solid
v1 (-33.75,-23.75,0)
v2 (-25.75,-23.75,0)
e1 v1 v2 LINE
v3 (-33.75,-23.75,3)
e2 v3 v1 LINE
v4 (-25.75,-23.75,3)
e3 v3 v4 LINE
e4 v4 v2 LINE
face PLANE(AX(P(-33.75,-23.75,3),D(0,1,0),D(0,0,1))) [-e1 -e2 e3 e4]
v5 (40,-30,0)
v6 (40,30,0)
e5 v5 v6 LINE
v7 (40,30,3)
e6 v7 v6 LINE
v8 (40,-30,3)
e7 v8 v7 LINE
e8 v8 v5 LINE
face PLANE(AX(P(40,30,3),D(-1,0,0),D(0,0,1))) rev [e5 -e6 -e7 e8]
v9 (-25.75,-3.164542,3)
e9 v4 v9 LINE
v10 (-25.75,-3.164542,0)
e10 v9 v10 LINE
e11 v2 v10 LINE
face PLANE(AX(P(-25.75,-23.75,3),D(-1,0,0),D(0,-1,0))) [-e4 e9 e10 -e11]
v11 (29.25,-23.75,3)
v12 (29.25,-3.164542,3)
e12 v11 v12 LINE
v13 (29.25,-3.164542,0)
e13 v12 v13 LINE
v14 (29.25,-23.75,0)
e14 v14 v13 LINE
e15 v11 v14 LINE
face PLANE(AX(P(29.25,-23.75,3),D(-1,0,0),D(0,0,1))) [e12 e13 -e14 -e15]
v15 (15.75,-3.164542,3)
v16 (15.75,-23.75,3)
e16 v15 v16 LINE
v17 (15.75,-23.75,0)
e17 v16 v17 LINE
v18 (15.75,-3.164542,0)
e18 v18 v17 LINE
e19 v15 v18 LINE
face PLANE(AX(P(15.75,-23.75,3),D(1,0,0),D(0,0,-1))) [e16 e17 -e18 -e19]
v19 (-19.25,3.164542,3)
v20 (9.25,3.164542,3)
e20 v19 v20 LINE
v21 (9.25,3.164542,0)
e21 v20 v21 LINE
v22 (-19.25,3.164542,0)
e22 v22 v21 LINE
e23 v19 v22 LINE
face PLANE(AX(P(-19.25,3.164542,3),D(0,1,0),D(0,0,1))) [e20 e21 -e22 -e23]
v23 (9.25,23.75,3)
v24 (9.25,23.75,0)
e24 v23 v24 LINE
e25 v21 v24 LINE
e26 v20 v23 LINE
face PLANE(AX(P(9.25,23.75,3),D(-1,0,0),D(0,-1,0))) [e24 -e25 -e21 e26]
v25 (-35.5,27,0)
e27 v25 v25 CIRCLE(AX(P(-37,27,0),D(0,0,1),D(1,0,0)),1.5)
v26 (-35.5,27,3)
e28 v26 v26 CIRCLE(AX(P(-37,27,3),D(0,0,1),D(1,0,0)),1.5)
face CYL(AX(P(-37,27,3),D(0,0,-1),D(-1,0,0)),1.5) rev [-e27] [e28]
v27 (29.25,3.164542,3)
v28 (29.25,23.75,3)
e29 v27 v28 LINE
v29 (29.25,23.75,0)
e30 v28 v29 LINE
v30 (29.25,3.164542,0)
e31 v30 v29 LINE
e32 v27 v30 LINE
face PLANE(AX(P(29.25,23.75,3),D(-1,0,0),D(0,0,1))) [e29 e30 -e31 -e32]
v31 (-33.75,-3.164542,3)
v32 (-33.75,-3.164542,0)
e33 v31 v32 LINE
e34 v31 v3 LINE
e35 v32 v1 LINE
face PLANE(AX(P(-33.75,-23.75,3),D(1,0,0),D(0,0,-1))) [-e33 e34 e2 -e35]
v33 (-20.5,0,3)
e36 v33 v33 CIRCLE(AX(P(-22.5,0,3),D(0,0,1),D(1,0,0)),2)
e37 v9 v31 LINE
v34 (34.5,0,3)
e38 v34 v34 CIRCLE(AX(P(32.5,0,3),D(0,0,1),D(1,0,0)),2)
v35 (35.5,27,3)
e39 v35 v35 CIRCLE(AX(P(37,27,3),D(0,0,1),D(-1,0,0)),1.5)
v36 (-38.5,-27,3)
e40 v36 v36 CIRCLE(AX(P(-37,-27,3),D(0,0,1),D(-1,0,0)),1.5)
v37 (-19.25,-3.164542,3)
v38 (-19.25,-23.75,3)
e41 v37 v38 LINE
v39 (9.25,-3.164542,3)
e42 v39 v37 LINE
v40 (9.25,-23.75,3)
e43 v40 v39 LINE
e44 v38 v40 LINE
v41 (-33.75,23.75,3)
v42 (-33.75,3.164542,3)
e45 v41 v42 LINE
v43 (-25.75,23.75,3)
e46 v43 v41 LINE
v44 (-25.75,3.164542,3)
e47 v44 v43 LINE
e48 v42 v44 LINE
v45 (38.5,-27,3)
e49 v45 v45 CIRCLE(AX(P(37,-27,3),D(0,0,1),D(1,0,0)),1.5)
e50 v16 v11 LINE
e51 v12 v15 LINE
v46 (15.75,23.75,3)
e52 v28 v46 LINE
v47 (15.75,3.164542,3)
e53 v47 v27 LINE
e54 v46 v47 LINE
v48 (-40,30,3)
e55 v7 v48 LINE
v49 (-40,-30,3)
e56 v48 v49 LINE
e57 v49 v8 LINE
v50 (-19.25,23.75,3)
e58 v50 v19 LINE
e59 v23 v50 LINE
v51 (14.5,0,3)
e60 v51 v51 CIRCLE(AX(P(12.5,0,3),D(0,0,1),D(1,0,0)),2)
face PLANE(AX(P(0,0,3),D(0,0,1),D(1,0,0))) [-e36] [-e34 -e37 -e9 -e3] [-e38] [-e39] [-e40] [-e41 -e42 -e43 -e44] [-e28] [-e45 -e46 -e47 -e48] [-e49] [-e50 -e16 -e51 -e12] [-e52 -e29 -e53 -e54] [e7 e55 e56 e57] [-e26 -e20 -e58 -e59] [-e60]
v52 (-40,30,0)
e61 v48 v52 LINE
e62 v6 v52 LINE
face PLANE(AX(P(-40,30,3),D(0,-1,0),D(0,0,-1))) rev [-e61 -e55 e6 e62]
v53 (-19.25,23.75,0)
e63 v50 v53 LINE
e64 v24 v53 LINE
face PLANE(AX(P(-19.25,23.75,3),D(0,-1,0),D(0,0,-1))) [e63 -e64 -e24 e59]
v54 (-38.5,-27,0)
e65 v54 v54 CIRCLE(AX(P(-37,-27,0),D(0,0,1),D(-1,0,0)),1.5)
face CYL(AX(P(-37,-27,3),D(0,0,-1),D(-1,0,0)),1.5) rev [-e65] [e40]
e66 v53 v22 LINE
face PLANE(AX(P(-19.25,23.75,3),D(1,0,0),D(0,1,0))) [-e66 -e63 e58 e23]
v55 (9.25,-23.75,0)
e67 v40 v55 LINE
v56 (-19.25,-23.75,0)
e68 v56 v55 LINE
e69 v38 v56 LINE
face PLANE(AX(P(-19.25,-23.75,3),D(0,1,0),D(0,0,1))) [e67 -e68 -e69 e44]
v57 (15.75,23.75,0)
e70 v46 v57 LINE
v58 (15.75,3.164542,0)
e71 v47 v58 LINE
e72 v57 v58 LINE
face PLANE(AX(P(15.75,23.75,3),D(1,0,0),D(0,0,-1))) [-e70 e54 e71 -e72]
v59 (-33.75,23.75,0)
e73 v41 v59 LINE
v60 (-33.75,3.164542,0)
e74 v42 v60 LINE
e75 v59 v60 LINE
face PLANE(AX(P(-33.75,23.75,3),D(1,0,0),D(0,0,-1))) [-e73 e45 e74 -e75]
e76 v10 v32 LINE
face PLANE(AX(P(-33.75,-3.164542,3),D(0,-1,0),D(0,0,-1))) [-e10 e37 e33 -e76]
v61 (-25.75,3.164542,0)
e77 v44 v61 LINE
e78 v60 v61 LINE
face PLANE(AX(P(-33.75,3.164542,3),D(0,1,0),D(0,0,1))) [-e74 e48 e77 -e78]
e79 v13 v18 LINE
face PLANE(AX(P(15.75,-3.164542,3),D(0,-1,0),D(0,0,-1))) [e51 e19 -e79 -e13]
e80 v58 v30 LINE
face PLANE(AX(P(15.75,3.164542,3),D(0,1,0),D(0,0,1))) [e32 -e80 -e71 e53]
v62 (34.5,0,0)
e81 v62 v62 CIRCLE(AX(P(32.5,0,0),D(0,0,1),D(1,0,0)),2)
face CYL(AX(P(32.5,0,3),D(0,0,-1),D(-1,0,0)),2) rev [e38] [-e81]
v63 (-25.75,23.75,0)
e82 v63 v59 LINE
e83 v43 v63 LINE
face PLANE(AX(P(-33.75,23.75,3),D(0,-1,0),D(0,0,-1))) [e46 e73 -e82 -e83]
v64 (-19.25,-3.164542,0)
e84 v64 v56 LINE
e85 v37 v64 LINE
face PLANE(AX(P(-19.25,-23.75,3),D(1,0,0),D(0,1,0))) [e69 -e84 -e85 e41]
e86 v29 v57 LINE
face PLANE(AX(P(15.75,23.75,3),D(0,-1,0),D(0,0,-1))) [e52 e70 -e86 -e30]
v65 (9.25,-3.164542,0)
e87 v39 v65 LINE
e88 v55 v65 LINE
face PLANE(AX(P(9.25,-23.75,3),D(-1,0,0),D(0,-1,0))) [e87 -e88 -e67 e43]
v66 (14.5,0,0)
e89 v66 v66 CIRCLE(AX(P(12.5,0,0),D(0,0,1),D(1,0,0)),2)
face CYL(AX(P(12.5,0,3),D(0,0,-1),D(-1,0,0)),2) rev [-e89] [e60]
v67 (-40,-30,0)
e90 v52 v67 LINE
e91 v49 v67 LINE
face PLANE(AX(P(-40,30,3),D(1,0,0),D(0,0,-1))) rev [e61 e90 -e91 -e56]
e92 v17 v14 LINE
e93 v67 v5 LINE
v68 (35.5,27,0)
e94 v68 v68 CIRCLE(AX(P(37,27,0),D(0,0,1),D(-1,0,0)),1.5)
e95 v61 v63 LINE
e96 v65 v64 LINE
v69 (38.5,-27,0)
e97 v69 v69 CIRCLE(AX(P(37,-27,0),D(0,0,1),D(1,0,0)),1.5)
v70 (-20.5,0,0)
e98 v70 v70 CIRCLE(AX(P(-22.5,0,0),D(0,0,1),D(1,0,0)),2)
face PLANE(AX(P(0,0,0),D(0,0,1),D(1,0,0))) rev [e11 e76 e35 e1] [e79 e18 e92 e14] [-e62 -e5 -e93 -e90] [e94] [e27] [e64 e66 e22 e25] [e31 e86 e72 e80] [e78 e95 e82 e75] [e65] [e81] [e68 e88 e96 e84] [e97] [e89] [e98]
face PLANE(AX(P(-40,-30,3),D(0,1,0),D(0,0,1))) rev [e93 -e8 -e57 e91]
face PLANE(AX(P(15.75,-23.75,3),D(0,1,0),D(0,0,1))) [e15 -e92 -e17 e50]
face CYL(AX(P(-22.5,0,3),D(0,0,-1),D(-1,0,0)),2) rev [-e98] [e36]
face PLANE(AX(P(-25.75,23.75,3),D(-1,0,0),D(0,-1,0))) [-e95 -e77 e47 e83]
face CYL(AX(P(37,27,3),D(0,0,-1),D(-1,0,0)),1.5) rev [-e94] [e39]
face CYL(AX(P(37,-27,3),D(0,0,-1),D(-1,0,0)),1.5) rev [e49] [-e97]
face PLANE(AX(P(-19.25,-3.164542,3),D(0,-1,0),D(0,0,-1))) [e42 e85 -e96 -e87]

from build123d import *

# Parameters (mm, degrees)
SKETCH1_W           = 80
SKETCH1_H           = 60
SKETCH1_R           = 1.5
SKETCH1_R_2         = 2
SKETCH1_W_2         = 13.5
SKETCH1_H_2         = 20.585457955
SKETCH1_W_3         = 28.5
SKETCH1_W_4         = 8
BOSS_EXTRUDE1_DEPTH = 3


with BuildPart() as part:
    # Sketch1 → Boss-Extrude1 (new body)
    with BuildSketch(Plane.XY):
        Rectangle(SKETCH1_W, SKETCH1_H)
        with Locations((-37, 27)):
            Circle(SKETCH1_R, mode=Mode.SUBTRACT)
        with Locations(Location((-37, -27, 0), (0, 0, 180))):
            Circle(SKETCH1_R, mode=Mode.SUBTRACT)
        with Locations((37, -27)):
            Circle(SKETCH1_R, mode=Mode.SUBTRACT)
        with Locations(Location((37, 27, 0), (0, 0, 180))):
            Circle(SKETCH1_R, mode=Mode.SUBTRACT)
        with Locations((32.5, 0)):
            Circle(SKETCH1_R_2, mode=Mode.SUBTRACT)
        with Locations((12.5, 0)):
            Circle(SKETCH1_R_2, mode=Mode.SUBTRACT)
        with Locations((-22.5, 0)):
            Circle(SKETCH1_R_2, mode=Mode.SUBTRACT)
        with Locations((22.5, -13.457271023)):
            Rectangle(SKETCH1_W_2, SKETCH1_H_2, mode=Mode.SUBTRACT)
        with Locations((-5, 13.457271023)):
            Rectangle(SKETCH1_W_3, SKETCH1_H_2, mode=Mode.SUBTRACT)
        with Locations((22.5, 13.457271023)):
            Rectangle(SKETCH1_W_2, SKETCH1_H_2, mode=Mode.SUBTRACT)
        with Locations((-29.75, 13.457271023)):
            Rectangle(SKETCH1_W_4, SKETCH1_H_2, mode=Mode.SUBTRACT)
        with Locations((-5, -13.457271023)):
            Rectangle(SKETCH1_W_3, SKETCH1_H_2, mode=Mode.SUBTRACT)
        with Locations((-29.75, -13.457271023)):
            Rectangle(SKETCH1_W_4, SKETCH1_H_2, mode=Mode.SUBTRACT)
    extrude(amount=BOSS_EXTRUDE1_DEPTH)


solid = part.part
